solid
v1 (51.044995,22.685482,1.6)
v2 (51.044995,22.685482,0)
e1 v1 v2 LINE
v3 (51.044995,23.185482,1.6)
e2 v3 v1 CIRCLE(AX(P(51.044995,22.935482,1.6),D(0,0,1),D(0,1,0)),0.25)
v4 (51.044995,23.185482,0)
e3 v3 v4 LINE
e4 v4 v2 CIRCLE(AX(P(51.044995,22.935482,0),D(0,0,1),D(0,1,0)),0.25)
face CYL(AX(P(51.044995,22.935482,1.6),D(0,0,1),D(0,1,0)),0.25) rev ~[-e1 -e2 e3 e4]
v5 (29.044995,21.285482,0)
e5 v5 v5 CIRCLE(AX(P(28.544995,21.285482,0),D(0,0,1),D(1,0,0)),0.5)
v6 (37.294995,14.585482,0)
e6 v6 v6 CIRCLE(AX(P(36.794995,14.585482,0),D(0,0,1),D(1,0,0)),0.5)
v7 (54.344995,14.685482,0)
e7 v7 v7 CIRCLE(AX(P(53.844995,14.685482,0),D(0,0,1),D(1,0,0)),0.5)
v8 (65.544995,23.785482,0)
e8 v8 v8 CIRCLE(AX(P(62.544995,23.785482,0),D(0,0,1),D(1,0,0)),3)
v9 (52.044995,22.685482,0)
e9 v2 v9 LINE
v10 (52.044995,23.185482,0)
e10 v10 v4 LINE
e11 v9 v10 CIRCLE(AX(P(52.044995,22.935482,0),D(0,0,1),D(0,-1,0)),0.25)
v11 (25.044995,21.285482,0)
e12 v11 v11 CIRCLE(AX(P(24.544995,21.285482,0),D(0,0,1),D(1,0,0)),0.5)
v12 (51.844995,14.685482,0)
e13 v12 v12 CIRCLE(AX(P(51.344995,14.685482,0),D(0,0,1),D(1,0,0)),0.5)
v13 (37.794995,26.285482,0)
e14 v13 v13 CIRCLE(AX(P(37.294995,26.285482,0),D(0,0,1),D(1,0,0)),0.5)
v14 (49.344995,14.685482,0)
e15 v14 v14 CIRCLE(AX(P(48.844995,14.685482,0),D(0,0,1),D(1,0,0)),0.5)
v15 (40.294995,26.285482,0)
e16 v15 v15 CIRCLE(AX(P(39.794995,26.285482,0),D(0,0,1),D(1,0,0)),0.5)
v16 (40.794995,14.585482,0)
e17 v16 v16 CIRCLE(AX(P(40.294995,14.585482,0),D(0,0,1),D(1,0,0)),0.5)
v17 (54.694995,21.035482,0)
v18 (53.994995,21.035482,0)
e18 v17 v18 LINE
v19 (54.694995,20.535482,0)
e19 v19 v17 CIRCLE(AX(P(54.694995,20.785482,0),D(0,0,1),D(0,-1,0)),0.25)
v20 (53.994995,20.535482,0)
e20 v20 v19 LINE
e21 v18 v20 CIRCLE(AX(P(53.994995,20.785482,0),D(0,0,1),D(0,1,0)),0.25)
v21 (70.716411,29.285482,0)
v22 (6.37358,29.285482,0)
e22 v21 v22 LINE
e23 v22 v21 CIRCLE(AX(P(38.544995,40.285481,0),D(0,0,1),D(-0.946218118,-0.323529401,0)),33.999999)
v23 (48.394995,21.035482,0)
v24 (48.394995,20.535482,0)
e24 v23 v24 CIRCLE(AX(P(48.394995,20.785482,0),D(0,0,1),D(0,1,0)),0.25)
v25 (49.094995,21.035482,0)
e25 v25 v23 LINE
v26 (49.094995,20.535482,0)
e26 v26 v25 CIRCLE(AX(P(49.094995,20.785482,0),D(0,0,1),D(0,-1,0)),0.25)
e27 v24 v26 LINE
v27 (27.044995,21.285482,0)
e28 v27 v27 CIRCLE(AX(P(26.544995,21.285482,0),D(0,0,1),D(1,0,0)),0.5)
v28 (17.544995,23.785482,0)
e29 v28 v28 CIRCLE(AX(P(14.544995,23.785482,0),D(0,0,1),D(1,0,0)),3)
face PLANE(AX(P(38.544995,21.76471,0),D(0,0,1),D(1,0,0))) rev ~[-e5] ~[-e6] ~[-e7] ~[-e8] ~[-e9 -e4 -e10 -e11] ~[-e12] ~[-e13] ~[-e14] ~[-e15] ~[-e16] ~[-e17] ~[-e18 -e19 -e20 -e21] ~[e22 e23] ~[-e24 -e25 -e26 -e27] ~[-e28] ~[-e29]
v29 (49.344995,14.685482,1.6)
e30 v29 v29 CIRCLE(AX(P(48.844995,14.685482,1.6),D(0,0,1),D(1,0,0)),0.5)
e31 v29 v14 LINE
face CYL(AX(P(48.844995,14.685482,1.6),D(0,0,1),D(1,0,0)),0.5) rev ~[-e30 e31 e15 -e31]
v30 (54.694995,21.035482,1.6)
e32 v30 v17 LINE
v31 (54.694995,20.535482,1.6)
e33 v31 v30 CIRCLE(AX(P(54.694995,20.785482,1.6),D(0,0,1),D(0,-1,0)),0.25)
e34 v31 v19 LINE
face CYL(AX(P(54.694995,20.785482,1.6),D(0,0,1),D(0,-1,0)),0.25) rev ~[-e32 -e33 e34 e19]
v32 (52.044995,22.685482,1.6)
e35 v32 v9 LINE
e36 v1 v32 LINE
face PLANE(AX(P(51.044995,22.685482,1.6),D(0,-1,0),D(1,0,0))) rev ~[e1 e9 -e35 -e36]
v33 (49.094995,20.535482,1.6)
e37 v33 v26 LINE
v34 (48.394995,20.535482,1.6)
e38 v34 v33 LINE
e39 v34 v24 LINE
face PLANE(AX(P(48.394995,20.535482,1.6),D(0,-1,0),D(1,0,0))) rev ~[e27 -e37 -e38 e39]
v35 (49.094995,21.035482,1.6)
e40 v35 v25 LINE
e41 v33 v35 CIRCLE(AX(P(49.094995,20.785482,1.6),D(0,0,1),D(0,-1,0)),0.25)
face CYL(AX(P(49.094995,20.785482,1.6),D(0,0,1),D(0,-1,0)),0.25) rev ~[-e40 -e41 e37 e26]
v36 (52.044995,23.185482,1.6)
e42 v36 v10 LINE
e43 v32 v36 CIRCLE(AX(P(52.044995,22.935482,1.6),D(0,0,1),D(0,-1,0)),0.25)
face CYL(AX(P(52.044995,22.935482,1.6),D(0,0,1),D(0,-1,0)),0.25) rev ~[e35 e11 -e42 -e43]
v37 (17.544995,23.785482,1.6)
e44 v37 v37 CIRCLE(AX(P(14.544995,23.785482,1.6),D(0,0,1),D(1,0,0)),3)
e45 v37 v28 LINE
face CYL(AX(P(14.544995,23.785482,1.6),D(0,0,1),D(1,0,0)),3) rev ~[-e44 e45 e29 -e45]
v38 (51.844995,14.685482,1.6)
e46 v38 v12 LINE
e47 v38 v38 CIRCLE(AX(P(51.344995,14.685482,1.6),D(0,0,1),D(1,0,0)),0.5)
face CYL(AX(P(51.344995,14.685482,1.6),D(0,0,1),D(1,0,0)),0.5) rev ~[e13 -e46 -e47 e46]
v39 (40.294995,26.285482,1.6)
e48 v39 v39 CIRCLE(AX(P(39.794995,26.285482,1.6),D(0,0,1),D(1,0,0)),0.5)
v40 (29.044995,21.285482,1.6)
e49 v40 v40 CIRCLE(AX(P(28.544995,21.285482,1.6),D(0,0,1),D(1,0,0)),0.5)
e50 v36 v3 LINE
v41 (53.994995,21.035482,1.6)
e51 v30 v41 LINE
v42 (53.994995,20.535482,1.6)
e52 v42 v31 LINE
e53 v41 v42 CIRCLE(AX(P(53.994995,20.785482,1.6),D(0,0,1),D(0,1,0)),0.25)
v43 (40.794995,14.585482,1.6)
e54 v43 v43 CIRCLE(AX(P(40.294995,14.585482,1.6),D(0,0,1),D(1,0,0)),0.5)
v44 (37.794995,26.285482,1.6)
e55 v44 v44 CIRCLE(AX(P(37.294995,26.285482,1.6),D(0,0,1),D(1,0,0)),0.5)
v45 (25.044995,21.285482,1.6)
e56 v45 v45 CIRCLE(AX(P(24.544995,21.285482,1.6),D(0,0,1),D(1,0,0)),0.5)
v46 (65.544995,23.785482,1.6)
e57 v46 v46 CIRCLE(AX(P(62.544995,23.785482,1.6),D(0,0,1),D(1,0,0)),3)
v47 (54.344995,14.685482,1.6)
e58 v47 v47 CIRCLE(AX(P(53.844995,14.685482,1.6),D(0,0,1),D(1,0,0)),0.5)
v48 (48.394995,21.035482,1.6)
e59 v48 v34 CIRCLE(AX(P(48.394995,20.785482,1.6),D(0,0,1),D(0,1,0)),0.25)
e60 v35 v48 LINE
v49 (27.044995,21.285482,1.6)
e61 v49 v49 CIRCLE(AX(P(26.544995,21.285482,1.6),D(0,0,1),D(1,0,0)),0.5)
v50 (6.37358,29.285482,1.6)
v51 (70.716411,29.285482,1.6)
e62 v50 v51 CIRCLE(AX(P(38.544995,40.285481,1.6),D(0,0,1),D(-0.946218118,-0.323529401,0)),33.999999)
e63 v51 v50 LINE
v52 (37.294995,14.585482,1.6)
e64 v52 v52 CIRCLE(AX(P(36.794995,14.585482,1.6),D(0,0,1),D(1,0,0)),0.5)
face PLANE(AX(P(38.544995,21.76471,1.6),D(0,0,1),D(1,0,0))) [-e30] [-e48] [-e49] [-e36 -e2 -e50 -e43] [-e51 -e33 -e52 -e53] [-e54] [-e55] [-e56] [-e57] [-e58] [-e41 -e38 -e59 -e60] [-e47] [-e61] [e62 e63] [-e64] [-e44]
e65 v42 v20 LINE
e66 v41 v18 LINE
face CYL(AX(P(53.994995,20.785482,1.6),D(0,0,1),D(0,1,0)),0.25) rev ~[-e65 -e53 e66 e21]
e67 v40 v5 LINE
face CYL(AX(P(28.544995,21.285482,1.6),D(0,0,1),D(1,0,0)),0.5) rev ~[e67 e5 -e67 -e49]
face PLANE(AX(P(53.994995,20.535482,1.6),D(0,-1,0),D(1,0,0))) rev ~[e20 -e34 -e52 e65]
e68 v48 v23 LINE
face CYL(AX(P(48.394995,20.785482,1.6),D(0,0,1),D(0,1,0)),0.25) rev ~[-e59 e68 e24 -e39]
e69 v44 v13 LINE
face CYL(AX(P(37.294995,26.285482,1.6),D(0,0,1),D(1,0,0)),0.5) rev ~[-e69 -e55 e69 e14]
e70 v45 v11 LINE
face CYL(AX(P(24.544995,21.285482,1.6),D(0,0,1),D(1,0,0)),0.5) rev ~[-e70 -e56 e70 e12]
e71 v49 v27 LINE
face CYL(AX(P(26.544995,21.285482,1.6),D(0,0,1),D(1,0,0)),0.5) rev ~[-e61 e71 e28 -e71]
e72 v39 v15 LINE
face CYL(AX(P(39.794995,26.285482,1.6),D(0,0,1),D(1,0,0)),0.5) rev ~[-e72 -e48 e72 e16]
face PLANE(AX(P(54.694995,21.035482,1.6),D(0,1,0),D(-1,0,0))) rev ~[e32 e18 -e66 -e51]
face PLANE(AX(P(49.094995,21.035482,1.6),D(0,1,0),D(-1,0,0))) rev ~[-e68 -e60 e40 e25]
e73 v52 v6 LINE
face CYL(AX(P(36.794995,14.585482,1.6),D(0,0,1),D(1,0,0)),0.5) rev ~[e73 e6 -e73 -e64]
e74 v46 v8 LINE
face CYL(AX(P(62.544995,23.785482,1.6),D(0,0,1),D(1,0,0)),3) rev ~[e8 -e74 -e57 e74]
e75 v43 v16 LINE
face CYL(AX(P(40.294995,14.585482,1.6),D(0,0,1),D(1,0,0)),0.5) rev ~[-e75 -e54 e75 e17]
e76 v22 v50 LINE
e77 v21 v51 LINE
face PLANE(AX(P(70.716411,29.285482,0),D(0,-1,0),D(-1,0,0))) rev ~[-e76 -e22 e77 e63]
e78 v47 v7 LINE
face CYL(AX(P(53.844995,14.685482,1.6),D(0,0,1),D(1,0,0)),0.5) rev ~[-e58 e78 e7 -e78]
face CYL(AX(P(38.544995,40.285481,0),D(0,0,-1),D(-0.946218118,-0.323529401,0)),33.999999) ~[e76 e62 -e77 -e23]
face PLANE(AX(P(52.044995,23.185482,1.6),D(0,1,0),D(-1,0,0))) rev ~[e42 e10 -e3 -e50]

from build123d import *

# Parameters (mm, degrees)
F1_DEPTH  = 1.6
F2_R      = 3
F3_DEPTH  = 3
F6_R      = 0.5
F7_R      = 0.5
F8_R      = 0.5
F4_R      = 0.5
F9_DEPTH  = 4
F10_R     = 2.1
F11_DEPTH = 0.2


with BuildPart() as f1:
    # F0 (on Top) → F1 (new body)
    with BuildSketch(Plane.XY):
        with BuildLine():
            Line((70.716411, 29.285482), (6.37358, 29.285482))
            ThreePointArc((6.37358, 29.285482), (38.544995, 6.285482), (70.716411, 29.285482))
        make_face()
    extrude(amount=F1_DEPTH)

    # F2 (on face) → F3 (cut)
    with BuildSketch(Plane.XY.offset(1.6)):
        with Locations((14.544995, 23.785482)):
            Circle(F2_R)
        with Locations((62.544995, 23.785482)):
            Circle(F2_R)
    extrude(amount=-F3_DEPTH, mode=Mode.SUBTRACT)

    # F6 (on face) + F7 (on face) + F8 (on face) + F5 (on face) + F4 (on face) → F9 (cut)
    with BuildSketch(Plane.XY.offset(1.6)):
        with Locations((48.844995, 14.685482)):
            Circle(F6_R)
        with Locations((53.844995, 14.685482)):
            Circle(F6_R)
        with Locations((51.344995, 14.685482)):
            Circle(F6_R)
    with BuildSketch(Plane.XY.offset(1.6)):
        with Locations((37.294995, 26.285482)):
            Circle(F7_R)
        with Locations((39.794995, 26.285482)):
            Circle(F7_R)
    with BuildSketch(Plane.XY.offset(1.6)):
        with Locations((36.794995, 14.585482)):
            Circle(F8_R)
        with Locations((40.294995, 14.585482)):
            Circle(F8_R)
    with BuildSketch(Plane.XY.offset(1.6)):
        with BuildLine():
            ThreePointArc((51.044995, 23.185482), (50.794995, 22.935482), (51.044995, 22.685482))
            Line((51.044995, 22.685482), (52.044995, 22.685482))
            ThreePointArc((52.044995, 22.685482), (52.294995, 22.935482), (52.044995, 23.185482))
            Line((52.044995, 23.185482), (51.044995, 23.185482))
        make_face()
        with BuildLine():
            ThreePointArc((49.094995, 20.535482), (49.344995, 20.785482), (49.094995, 21.035482))
            Line((49.094995, 21.035482), (48.394995, 21.035482))
            ThreePointArc((48.394995, 21.035482), (48.144995, 20.785482), (48.394995, 20.535482))
            Line((48.394995, 20.535482), (49.094995, 20.535482))
        make_face()
        with BuildLine():
            Line((53.994995, 20.535482), (54.694995, 20.535482))
            ThreePointArc((54.694995, 20.535482), (54.944995, 20.785482), (54.694995, 21.035482))
            Line((54.694995, 21.035482), (53.994995, 21.035482))
            ThreePointArc((53.994995, 21.035482), (53.744995, 20.785482), (53.994995, 20.535482))
        make_face()
    with BuildSketch(Plane.XY.offset(1.6)):
        with Locations((24.544995, 21.285482)):
            Circle(F4_R)
        with Locations((26.544995, 21.285482)):
            Circle(F4_R)
        with Locations((28.544995, 21.285482)):
            Circle(F4_R)
    extrude(amount=-F9_DEPTH, mode=Mode.SUBTRACT)

    # F10 (on face) → F11 (cut)
    with BuildSketch(Plane(origin=(0, 0, 0), x_dir=(1, 0, 0), z_dir=(0, 0, -1))):
        with Locations((62.544995, -23.785482)):
            Circle(F10_R)
        with Locations((14.544995, -23.785482)):
            Circle(F10_R)
    extrude(amount=-F11_DEPTH, mode=Mode.SUBTRACT)


solid = f1.part
